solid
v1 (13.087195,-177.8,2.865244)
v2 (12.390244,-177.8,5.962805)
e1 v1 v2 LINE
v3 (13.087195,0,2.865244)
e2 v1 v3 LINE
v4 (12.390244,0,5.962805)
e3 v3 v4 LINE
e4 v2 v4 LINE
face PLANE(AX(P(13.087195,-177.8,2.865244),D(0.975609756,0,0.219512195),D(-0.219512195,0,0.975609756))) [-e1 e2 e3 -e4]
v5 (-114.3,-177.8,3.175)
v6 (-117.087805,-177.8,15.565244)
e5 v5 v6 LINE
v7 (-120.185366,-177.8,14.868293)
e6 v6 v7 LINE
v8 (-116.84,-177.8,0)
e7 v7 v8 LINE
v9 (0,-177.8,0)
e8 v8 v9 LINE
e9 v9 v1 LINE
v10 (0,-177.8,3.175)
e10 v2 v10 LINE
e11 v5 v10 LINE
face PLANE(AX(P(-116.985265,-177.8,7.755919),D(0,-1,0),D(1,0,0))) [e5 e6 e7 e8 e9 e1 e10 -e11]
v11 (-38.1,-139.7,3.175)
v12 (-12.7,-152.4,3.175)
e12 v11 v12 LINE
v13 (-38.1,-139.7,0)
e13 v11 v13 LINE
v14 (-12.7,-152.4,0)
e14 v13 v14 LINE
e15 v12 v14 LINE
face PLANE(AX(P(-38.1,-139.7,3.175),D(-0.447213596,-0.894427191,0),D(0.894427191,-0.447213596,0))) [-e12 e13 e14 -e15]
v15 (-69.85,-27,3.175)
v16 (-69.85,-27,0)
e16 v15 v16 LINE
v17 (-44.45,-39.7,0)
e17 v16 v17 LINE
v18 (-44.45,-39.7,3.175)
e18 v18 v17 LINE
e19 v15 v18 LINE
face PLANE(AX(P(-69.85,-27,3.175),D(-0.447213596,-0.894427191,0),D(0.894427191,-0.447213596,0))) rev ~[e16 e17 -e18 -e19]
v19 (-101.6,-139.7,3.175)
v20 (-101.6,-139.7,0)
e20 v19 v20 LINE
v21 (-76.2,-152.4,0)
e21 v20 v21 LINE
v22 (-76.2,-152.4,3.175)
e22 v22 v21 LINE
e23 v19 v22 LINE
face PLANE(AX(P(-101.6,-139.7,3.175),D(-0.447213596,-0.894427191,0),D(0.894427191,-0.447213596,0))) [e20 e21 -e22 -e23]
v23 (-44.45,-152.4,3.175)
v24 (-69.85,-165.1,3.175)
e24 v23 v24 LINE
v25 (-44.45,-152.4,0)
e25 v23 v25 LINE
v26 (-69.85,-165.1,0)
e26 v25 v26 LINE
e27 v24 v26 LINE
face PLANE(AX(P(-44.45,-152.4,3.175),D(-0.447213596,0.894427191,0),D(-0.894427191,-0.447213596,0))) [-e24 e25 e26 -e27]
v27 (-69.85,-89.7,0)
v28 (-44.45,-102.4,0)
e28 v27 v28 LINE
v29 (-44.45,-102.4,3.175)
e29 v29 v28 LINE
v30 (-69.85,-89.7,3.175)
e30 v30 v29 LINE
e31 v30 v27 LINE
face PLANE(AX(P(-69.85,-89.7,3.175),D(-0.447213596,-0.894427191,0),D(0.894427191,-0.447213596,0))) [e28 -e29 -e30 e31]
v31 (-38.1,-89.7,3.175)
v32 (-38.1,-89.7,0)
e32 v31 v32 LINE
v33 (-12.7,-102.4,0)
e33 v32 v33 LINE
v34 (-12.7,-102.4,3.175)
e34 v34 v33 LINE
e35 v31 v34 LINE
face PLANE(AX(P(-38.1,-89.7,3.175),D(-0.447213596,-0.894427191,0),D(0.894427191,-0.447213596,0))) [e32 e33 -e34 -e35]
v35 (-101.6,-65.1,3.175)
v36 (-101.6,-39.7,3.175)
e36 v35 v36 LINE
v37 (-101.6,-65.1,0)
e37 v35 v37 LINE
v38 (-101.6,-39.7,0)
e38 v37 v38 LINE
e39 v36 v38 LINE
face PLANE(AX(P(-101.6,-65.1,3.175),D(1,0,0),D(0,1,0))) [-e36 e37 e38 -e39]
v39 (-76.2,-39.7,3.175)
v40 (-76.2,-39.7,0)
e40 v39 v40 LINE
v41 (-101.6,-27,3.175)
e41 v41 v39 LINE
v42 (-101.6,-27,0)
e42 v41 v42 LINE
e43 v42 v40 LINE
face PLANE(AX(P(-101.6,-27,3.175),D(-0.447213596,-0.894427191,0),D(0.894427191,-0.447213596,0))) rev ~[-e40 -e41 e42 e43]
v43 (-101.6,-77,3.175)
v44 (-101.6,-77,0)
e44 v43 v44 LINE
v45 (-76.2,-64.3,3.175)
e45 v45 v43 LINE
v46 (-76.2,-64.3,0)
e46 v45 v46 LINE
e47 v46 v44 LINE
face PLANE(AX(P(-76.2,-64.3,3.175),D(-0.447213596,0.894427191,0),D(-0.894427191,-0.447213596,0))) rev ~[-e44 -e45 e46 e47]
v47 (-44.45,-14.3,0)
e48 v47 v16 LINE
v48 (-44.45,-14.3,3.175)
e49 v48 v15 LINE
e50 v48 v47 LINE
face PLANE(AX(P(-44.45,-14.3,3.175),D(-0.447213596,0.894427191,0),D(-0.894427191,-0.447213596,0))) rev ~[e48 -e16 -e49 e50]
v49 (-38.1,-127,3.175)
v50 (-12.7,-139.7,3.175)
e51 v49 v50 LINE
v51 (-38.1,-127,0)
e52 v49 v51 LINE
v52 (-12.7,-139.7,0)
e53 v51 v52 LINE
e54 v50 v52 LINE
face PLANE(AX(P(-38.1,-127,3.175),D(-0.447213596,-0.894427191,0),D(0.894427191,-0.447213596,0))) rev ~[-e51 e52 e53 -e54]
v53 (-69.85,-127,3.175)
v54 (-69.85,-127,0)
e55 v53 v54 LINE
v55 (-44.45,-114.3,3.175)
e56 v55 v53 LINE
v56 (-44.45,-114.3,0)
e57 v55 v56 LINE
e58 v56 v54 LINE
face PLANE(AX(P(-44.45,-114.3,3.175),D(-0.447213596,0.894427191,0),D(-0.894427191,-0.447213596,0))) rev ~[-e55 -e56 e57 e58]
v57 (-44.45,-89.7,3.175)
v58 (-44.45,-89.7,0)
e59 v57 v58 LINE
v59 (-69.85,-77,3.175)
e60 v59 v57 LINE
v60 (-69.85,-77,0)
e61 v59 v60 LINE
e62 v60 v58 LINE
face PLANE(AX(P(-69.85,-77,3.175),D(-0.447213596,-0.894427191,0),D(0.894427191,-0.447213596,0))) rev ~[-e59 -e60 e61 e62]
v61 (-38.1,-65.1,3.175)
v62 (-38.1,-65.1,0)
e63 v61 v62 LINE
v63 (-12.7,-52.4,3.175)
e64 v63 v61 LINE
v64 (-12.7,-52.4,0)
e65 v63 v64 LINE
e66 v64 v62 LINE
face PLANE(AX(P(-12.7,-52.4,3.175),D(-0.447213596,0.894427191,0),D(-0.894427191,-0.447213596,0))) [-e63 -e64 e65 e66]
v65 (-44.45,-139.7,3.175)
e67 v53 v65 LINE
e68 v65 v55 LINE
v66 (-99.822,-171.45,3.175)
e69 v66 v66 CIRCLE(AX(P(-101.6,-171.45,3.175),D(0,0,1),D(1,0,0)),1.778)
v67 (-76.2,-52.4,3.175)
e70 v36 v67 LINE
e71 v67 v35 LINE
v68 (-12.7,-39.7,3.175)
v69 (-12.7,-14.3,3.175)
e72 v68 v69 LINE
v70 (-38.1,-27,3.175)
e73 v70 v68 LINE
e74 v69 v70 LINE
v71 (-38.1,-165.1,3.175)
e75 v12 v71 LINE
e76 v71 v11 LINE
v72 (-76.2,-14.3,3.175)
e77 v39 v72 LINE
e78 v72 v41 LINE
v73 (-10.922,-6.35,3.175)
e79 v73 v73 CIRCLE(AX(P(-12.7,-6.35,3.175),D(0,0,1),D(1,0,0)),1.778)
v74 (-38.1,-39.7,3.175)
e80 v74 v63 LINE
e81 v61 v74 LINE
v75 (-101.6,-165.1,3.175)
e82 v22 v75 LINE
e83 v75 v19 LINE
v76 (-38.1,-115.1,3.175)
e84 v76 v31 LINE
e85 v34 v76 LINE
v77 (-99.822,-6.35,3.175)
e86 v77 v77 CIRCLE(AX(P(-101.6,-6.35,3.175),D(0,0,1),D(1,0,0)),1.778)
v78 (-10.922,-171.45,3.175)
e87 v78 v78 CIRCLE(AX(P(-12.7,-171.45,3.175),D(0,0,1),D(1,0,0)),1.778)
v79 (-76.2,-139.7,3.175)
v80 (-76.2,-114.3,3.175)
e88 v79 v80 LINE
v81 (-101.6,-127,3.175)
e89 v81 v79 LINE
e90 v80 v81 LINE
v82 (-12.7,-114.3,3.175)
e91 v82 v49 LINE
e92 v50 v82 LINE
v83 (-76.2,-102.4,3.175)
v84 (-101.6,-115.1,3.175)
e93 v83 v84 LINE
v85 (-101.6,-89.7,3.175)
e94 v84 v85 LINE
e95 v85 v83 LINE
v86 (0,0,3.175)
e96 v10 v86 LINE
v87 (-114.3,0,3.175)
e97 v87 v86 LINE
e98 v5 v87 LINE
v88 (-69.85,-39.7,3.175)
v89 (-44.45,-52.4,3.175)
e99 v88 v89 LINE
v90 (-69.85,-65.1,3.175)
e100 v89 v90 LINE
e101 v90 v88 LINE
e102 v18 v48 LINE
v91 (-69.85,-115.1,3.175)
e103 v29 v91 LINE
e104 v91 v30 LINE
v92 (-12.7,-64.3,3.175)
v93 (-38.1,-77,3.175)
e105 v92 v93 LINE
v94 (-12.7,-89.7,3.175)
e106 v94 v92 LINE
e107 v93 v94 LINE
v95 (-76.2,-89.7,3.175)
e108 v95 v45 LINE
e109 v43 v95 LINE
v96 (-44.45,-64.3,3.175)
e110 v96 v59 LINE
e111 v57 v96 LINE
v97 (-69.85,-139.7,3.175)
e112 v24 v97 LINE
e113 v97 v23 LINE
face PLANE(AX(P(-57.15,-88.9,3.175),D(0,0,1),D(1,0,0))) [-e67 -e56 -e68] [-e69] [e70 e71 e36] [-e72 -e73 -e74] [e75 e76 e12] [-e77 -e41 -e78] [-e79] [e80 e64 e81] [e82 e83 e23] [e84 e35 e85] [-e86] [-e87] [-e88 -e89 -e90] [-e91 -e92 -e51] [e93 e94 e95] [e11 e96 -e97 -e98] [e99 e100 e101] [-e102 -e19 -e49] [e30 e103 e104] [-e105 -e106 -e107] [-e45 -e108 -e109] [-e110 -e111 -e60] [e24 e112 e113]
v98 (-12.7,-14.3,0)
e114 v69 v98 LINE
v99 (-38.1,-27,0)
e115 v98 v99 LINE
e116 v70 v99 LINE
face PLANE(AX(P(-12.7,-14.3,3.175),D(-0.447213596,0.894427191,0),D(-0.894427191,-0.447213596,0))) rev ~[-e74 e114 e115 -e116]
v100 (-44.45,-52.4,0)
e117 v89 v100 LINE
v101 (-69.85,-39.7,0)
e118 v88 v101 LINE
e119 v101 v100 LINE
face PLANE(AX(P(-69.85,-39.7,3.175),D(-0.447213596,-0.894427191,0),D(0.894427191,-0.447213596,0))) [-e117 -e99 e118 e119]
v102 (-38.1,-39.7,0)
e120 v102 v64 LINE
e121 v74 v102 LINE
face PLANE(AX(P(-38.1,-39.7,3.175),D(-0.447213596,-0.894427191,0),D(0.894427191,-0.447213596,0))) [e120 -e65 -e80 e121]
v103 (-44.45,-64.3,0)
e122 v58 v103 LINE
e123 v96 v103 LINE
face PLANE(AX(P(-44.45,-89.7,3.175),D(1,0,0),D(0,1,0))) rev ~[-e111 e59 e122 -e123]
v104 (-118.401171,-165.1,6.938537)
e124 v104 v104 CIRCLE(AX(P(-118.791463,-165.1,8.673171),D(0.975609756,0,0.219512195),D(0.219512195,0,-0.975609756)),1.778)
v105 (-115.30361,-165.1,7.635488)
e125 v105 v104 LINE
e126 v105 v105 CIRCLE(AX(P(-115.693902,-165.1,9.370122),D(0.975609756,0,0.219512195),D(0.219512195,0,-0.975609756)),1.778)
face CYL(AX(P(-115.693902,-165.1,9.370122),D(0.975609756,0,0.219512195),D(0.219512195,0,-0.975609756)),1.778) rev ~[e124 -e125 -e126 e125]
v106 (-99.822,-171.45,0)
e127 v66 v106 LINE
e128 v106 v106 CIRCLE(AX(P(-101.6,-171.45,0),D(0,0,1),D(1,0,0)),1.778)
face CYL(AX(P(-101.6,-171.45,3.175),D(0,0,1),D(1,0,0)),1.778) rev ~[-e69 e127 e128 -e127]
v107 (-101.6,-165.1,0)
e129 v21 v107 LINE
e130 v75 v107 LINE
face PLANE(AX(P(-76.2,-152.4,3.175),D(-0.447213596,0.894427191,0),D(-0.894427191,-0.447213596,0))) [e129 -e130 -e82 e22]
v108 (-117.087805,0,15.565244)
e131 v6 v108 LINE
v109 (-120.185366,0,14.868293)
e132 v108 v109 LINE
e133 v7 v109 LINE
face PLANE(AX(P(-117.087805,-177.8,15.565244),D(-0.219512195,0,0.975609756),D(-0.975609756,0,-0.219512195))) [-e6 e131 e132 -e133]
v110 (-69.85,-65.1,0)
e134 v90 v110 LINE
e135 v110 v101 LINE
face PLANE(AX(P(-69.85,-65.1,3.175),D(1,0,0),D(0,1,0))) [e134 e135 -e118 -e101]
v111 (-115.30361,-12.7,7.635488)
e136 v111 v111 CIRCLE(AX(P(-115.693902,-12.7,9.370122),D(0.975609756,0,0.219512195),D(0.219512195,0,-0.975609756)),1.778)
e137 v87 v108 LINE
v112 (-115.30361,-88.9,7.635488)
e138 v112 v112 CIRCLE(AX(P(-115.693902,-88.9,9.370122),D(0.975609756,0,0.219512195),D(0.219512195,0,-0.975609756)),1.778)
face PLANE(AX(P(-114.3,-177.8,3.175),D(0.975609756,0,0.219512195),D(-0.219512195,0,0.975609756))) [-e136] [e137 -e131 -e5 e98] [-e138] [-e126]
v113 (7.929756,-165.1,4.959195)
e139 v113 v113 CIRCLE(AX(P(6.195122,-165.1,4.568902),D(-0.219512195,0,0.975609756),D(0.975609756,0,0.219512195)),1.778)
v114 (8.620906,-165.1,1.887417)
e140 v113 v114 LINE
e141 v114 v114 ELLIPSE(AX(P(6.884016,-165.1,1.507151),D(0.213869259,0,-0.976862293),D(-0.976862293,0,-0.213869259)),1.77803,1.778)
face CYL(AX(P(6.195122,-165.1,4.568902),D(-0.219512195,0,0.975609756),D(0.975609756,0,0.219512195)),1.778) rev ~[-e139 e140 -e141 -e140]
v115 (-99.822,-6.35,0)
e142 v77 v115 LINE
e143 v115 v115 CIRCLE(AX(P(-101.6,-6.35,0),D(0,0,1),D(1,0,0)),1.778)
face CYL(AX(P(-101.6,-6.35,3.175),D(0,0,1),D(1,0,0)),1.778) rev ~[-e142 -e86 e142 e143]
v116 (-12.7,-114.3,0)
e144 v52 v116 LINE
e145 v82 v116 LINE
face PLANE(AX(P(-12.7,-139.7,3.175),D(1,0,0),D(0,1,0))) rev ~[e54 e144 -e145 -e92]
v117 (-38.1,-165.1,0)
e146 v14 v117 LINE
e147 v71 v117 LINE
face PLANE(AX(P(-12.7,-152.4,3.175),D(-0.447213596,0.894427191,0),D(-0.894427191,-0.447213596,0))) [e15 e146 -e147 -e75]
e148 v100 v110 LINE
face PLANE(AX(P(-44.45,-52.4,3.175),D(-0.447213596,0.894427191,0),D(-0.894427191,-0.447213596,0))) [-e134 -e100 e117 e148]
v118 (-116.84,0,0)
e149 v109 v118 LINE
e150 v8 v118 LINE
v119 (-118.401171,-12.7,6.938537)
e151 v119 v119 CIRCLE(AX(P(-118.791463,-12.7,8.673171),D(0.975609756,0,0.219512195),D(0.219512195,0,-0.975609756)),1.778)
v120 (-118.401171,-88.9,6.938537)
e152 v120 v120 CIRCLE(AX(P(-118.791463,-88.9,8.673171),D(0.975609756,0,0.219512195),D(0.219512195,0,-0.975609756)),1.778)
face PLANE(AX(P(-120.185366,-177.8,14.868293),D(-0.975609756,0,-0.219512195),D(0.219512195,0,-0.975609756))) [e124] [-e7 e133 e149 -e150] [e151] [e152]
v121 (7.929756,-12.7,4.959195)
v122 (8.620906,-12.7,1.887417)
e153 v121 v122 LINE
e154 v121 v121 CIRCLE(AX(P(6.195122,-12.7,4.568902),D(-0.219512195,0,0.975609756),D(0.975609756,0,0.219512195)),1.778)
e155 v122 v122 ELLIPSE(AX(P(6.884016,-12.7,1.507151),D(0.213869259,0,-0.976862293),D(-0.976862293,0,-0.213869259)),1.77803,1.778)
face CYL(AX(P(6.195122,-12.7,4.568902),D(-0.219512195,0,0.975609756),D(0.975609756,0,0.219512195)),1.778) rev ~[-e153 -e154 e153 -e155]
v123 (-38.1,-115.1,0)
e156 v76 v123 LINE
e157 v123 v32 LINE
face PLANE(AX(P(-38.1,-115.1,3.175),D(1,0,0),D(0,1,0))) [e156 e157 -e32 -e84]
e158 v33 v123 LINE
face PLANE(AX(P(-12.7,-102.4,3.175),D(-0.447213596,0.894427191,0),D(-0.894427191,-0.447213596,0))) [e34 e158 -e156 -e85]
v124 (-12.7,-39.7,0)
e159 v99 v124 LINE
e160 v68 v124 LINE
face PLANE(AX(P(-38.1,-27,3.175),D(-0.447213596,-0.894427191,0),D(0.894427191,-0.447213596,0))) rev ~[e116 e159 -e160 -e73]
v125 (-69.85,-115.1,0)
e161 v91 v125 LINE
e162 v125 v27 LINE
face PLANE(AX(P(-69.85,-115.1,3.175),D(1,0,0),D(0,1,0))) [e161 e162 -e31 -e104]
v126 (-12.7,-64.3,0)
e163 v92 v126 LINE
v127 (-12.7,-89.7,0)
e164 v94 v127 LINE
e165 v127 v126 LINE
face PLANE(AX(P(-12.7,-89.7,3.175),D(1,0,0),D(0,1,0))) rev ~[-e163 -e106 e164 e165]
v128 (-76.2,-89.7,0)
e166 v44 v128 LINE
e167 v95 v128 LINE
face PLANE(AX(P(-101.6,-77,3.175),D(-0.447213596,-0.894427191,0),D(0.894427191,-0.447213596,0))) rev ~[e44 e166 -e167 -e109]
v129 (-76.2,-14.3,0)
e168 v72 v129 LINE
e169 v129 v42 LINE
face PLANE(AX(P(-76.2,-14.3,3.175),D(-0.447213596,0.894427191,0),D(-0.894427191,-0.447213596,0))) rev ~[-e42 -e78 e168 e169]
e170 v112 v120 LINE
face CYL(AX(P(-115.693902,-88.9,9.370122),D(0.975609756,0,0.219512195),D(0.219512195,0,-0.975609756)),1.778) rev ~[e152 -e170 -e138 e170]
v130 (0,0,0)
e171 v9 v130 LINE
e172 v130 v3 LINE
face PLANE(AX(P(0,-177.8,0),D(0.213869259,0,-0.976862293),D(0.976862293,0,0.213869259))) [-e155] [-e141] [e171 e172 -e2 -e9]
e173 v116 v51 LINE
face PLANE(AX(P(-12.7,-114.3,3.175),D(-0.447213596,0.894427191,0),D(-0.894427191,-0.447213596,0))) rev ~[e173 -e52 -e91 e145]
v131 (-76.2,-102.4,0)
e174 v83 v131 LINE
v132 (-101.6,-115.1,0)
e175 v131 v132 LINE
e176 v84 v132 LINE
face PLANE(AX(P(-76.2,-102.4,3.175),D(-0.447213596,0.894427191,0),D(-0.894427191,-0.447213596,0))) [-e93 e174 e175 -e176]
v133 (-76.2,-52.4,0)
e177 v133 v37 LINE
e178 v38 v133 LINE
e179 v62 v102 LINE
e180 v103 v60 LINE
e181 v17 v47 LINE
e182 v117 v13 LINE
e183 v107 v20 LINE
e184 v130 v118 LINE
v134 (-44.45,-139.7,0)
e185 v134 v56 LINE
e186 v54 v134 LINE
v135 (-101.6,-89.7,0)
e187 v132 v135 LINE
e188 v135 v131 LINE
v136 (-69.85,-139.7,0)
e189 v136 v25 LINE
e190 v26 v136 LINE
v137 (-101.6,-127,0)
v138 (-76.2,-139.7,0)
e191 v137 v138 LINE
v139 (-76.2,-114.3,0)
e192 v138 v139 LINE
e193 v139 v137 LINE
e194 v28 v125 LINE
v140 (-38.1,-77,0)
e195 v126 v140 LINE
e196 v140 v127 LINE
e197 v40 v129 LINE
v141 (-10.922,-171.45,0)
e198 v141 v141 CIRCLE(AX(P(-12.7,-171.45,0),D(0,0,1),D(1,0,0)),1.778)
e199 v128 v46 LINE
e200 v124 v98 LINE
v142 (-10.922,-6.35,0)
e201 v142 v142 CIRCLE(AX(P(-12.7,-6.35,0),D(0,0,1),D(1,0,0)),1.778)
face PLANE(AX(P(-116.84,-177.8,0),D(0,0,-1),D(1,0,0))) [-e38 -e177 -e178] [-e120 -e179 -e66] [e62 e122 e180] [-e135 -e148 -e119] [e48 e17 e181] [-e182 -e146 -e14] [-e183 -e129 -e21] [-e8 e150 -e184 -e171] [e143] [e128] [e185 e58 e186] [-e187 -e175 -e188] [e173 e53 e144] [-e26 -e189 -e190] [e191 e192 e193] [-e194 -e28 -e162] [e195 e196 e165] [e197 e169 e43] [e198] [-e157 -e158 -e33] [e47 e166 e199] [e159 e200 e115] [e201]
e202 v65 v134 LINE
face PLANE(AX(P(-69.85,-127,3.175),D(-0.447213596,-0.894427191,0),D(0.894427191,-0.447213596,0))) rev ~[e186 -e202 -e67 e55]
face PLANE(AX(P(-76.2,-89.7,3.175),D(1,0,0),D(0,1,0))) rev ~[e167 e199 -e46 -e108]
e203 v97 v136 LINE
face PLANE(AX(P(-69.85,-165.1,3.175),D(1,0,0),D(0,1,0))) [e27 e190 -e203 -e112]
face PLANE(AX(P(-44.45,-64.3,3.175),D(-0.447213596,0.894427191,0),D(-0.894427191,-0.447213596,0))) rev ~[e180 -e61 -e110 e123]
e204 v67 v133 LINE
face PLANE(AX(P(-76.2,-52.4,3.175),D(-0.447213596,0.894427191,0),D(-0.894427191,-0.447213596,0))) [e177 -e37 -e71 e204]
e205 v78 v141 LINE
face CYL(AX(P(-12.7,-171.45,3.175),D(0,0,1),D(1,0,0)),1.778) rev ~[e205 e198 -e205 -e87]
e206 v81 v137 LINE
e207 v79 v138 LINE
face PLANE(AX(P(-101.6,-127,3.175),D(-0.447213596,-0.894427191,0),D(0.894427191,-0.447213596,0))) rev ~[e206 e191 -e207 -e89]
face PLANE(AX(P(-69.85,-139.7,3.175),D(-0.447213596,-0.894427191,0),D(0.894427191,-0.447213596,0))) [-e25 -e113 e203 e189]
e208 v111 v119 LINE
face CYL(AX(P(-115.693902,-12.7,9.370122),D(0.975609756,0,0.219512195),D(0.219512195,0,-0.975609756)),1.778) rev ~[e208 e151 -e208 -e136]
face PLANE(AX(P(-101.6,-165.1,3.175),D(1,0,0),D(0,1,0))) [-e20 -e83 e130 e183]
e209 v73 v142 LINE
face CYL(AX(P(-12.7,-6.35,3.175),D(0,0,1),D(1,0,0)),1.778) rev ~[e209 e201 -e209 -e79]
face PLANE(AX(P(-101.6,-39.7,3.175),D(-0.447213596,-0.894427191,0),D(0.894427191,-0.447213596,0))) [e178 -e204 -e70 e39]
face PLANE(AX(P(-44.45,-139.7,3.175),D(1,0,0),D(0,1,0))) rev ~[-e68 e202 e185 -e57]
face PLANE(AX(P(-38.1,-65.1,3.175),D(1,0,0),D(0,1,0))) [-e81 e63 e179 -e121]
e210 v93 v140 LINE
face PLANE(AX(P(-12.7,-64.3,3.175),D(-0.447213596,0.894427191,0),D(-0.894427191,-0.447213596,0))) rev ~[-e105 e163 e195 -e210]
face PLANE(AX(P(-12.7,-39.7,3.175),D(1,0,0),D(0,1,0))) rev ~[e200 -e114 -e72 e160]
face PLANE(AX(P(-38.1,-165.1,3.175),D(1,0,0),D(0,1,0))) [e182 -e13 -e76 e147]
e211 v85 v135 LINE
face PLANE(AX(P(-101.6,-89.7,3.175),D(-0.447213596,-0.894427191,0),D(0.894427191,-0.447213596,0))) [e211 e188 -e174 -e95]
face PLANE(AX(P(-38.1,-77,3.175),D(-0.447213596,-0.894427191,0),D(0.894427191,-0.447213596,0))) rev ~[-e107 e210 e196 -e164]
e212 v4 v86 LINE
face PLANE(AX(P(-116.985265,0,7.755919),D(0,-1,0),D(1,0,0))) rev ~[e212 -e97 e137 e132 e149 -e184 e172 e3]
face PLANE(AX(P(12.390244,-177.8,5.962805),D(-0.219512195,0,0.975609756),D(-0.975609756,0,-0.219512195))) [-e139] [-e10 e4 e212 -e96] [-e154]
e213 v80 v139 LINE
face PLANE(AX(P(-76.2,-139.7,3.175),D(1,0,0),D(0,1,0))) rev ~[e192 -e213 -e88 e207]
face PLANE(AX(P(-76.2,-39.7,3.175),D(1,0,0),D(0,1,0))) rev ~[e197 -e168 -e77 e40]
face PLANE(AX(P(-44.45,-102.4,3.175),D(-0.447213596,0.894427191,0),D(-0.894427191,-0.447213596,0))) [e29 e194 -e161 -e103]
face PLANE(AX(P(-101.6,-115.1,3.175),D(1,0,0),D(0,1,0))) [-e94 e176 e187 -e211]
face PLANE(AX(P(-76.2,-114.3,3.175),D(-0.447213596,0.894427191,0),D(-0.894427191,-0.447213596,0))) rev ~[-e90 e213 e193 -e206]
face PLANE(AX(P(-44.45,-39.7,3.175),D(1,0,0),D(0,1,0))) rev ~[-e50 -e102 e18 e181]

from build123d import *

# Parameters (mm, degrees)
SKETCH1_W              = 114.3
SKETCH1_H              = 177.8
BOSS_EXTRUDE1_DEPTH    = 3.175
BOSS_EXTRUDE2_DEPTH    = 177.8
SKETCH3_R              = 1.778
CUT_EXTRUDE1_DEPTH     = 203.2
CUT_EXTRUDE2_DEPTH     = 3.175
LPATTERN2_COUNT        = 3
LPATTERN2_PITCH        = 50
LPATTERN3_COUNT        = 3
LPATTERN3_PITCH        = 31.75
LPATTERN3_COPY_1_DEPTH = 3.175
LPATTERN3_COPY_2_DEPTH = 3.175
LPATTERN3_COPY_3_DEPTH = 3.175
LPATTERN3_COPY_4_DEPTH = 3.175
SKETCH5_R              = 1.778
CUT_EXTRUDE3_DEPTH     = 3.175
SKETCH6_R              = 1.778
CUT_EXTRUDE4_DEPTH     = 3.175


with BuildPart() as part:
    # Sketch1 → Boss-Extrude1 (new body)
    with BuildSketch(Plane.XY):
        with Locations((-57.15, -88.9)):
            Rectangle(SKETCH1_W, SKETCH1_H)
    extrude(amount=BOSS_EXTRUDE1_DEPTH)

    # Sketch2 → Boss-Extrude2 (add)
    with BuildSketch(Plane.XZ.offset(177.8)):
        Polygon((-114.3, 3.175), (-117.087804878, 15.565243902), (-120.185365854, 14.868292683), (-116.84, 0), (-114.3, 0), align=None)
        Polygon((0, 3.175), (0, 0), (13.087195122, 2.865243902), (12.390243902, 5.962804878), align=None)
    extrude(amount=-BOSS_EXTRUDE2_DEPTH)

    # Sketch3 → Cut-Extrude1 (cut)
    with BuildSketch(Plane(origin=(-108.112433076, 0, -24.325297442), x_dir=(0.219512195, 0, -0.975609756), z_dir=(0.975609756, 0, 0.219512195))):
        with Locations((-34.537804878, -165.1)):
            Circle(SKETCH3_R)
        with Locations((-34.537804878, -88.9)):
            Circle(SKETCH3_R)
        with Locations((-34.537804878, -12.7)):
            Circle(SKETCH3_R)
    extrude(amount=-CUT_EXTRUDE1_DEPTH, mode=Mode.SUBTRACT)

    # Sketch4 → Cut-Extrude2 (cut)
    with BuildSketch(Plane.XY.offset(3.175)):
        Polygon((-101.6, -165.1), (-101.6, -139.7), (-76.2, -152.4), align=None)
        Polygon((-101.6, -127), (-76.2, -139.7), (-76.2, -114.3), align=None)
    cut_extrude2 = extrude(amount=-CUT_EXTRUDE2_DEPTH, mode=Mode.SUBTRACT)

    # LPattern2: Cut-Extrude2 ×3
    with Locations(*[(0, i * LPATTERN2_PITCH, 0) for i in range(1, LPATTERN2_COUNT)]):
        add(cut_extrude2, mode=Mode.SUBTRACT)

    # LPattern3: Cut-Extrude2 ×3
    with Locations(*[(i * LPATTERN3_PITCH, 0, 0) for i in range(1, LPATTERN3_COUNT)]):
        add(cut_extrude2, mode=Mode.SUBTRACT)

    # LPattern3 copy 1 sketch → LPattern3 copy 1 (cut)
    with BuildSketch(Plane(origin=(31.75, 50, 3.175), x_dir=(1, 0, 0), z_dir=(0, 0, 1))):
        Polygon((-101.6, -165.1), (-101.6, -139.7), (-76.2, -152.4), align=None)
        Polygon((-101.6, -127), (-76.2, -139.7), (-76.2, -114.3), align=None)
    extrude(amount=-LPATTERN3_COPY_1_DEPTH, mode=Mode.SUBTRACT)

    # LPattern3 copy 2 sketch → LPattern3 copy 2 (cut)
    with BuildSketch(Plane(origin=(63.5, 50, 3.175), x_dir=(1, 0, 0), z_dir=(0, 0, 1))):
        Polygon((-101.6, -165.1), (-101.6, -139.7), (-76.2, -152.4), align=None)
        Polygon((-101.6, -127), (-76.2, -139.7), (-76.2, -114.3), align=None)
    extrude(amount=-LPATTERN3_COPY_2_DEPTH, mode=Mode.SUBTRACT)

    # LPattern3 copy 3 sketch → LPattern3 copy 3 (cut)
    with BuildSketch(Plane(origin=(31.75, 100, 3.175), x_dir=(1, 0, 0), z_dir=(0, 0, 1))):
        Polygon((-101.6, -165.1), (-101.6, -139.7), (-76.2, -152.4), align=None)
        Polygon((-101.6, -127), (-76.2, -139.7), (-76.2, -114.3), align=None)
    extrude(amount=-LPATTERN3_COPY_3_DEPTH, mode=Mode.SUBTRACT)

    # LPattern3 copy 4 sketch → LPattern3 copy 4 (cut)
    with BuildSketch(Plane(origin=(63.5, 100, 3.175), x_dir=(1, 0, 0), z_dir=(0, 0, 1))):
        Polygon((-101.6, -165.1), (-101.6, -139.7), (-76.2, -152.4), align=None)
        Polygon((-101.6, -127), (-76.2, -139.7), (-76.2, -114.3), align=None)
    extrude(amount=-LPATTERN3_COPY_4_DEPTH, mode=Mode.SUBTRACT)

    # Sketch5 → Cut-Extrude3 (cut)
    with BuildSketch(Plane.XY.offset(3.175)):
        with Locations((-101.6, -171.45)):
            Circle(SKETCH5_R)
        with Locations((-12.7, -171.45)):
            Circle(SKETCH5_R)
        with Locations((-12.7, -6.35)):
            Circle(SKETCH5_R)
        with Locations((-101.6, -6.35)):
            Circle(SKETCH5_R)
    extrude(amount=-CUT_EXTRUDE3_DEPTH, mode=Mode.SUBTRACT)

    # Sketch6 → Cut-Extrude4 (cut)
    with BuildSketch(Plane(origin=(-0.679952409, 0, 3.022010708), x_dir=(0.975609756, 0, 0.219512195), z_dir=(-0.219512195, 0, 0.975609756))):
        with Locations((7.04695122, -165.1)):
            Circle(SKETCH6_R)
        with Locations((7.04695122, -12.7)):
            Circle(SKETCH6_R)
    extrude(amount=-CUT_EXTRUDE4_DEPTH, mode=Mode.SUBTRACT)


solid = part.part
